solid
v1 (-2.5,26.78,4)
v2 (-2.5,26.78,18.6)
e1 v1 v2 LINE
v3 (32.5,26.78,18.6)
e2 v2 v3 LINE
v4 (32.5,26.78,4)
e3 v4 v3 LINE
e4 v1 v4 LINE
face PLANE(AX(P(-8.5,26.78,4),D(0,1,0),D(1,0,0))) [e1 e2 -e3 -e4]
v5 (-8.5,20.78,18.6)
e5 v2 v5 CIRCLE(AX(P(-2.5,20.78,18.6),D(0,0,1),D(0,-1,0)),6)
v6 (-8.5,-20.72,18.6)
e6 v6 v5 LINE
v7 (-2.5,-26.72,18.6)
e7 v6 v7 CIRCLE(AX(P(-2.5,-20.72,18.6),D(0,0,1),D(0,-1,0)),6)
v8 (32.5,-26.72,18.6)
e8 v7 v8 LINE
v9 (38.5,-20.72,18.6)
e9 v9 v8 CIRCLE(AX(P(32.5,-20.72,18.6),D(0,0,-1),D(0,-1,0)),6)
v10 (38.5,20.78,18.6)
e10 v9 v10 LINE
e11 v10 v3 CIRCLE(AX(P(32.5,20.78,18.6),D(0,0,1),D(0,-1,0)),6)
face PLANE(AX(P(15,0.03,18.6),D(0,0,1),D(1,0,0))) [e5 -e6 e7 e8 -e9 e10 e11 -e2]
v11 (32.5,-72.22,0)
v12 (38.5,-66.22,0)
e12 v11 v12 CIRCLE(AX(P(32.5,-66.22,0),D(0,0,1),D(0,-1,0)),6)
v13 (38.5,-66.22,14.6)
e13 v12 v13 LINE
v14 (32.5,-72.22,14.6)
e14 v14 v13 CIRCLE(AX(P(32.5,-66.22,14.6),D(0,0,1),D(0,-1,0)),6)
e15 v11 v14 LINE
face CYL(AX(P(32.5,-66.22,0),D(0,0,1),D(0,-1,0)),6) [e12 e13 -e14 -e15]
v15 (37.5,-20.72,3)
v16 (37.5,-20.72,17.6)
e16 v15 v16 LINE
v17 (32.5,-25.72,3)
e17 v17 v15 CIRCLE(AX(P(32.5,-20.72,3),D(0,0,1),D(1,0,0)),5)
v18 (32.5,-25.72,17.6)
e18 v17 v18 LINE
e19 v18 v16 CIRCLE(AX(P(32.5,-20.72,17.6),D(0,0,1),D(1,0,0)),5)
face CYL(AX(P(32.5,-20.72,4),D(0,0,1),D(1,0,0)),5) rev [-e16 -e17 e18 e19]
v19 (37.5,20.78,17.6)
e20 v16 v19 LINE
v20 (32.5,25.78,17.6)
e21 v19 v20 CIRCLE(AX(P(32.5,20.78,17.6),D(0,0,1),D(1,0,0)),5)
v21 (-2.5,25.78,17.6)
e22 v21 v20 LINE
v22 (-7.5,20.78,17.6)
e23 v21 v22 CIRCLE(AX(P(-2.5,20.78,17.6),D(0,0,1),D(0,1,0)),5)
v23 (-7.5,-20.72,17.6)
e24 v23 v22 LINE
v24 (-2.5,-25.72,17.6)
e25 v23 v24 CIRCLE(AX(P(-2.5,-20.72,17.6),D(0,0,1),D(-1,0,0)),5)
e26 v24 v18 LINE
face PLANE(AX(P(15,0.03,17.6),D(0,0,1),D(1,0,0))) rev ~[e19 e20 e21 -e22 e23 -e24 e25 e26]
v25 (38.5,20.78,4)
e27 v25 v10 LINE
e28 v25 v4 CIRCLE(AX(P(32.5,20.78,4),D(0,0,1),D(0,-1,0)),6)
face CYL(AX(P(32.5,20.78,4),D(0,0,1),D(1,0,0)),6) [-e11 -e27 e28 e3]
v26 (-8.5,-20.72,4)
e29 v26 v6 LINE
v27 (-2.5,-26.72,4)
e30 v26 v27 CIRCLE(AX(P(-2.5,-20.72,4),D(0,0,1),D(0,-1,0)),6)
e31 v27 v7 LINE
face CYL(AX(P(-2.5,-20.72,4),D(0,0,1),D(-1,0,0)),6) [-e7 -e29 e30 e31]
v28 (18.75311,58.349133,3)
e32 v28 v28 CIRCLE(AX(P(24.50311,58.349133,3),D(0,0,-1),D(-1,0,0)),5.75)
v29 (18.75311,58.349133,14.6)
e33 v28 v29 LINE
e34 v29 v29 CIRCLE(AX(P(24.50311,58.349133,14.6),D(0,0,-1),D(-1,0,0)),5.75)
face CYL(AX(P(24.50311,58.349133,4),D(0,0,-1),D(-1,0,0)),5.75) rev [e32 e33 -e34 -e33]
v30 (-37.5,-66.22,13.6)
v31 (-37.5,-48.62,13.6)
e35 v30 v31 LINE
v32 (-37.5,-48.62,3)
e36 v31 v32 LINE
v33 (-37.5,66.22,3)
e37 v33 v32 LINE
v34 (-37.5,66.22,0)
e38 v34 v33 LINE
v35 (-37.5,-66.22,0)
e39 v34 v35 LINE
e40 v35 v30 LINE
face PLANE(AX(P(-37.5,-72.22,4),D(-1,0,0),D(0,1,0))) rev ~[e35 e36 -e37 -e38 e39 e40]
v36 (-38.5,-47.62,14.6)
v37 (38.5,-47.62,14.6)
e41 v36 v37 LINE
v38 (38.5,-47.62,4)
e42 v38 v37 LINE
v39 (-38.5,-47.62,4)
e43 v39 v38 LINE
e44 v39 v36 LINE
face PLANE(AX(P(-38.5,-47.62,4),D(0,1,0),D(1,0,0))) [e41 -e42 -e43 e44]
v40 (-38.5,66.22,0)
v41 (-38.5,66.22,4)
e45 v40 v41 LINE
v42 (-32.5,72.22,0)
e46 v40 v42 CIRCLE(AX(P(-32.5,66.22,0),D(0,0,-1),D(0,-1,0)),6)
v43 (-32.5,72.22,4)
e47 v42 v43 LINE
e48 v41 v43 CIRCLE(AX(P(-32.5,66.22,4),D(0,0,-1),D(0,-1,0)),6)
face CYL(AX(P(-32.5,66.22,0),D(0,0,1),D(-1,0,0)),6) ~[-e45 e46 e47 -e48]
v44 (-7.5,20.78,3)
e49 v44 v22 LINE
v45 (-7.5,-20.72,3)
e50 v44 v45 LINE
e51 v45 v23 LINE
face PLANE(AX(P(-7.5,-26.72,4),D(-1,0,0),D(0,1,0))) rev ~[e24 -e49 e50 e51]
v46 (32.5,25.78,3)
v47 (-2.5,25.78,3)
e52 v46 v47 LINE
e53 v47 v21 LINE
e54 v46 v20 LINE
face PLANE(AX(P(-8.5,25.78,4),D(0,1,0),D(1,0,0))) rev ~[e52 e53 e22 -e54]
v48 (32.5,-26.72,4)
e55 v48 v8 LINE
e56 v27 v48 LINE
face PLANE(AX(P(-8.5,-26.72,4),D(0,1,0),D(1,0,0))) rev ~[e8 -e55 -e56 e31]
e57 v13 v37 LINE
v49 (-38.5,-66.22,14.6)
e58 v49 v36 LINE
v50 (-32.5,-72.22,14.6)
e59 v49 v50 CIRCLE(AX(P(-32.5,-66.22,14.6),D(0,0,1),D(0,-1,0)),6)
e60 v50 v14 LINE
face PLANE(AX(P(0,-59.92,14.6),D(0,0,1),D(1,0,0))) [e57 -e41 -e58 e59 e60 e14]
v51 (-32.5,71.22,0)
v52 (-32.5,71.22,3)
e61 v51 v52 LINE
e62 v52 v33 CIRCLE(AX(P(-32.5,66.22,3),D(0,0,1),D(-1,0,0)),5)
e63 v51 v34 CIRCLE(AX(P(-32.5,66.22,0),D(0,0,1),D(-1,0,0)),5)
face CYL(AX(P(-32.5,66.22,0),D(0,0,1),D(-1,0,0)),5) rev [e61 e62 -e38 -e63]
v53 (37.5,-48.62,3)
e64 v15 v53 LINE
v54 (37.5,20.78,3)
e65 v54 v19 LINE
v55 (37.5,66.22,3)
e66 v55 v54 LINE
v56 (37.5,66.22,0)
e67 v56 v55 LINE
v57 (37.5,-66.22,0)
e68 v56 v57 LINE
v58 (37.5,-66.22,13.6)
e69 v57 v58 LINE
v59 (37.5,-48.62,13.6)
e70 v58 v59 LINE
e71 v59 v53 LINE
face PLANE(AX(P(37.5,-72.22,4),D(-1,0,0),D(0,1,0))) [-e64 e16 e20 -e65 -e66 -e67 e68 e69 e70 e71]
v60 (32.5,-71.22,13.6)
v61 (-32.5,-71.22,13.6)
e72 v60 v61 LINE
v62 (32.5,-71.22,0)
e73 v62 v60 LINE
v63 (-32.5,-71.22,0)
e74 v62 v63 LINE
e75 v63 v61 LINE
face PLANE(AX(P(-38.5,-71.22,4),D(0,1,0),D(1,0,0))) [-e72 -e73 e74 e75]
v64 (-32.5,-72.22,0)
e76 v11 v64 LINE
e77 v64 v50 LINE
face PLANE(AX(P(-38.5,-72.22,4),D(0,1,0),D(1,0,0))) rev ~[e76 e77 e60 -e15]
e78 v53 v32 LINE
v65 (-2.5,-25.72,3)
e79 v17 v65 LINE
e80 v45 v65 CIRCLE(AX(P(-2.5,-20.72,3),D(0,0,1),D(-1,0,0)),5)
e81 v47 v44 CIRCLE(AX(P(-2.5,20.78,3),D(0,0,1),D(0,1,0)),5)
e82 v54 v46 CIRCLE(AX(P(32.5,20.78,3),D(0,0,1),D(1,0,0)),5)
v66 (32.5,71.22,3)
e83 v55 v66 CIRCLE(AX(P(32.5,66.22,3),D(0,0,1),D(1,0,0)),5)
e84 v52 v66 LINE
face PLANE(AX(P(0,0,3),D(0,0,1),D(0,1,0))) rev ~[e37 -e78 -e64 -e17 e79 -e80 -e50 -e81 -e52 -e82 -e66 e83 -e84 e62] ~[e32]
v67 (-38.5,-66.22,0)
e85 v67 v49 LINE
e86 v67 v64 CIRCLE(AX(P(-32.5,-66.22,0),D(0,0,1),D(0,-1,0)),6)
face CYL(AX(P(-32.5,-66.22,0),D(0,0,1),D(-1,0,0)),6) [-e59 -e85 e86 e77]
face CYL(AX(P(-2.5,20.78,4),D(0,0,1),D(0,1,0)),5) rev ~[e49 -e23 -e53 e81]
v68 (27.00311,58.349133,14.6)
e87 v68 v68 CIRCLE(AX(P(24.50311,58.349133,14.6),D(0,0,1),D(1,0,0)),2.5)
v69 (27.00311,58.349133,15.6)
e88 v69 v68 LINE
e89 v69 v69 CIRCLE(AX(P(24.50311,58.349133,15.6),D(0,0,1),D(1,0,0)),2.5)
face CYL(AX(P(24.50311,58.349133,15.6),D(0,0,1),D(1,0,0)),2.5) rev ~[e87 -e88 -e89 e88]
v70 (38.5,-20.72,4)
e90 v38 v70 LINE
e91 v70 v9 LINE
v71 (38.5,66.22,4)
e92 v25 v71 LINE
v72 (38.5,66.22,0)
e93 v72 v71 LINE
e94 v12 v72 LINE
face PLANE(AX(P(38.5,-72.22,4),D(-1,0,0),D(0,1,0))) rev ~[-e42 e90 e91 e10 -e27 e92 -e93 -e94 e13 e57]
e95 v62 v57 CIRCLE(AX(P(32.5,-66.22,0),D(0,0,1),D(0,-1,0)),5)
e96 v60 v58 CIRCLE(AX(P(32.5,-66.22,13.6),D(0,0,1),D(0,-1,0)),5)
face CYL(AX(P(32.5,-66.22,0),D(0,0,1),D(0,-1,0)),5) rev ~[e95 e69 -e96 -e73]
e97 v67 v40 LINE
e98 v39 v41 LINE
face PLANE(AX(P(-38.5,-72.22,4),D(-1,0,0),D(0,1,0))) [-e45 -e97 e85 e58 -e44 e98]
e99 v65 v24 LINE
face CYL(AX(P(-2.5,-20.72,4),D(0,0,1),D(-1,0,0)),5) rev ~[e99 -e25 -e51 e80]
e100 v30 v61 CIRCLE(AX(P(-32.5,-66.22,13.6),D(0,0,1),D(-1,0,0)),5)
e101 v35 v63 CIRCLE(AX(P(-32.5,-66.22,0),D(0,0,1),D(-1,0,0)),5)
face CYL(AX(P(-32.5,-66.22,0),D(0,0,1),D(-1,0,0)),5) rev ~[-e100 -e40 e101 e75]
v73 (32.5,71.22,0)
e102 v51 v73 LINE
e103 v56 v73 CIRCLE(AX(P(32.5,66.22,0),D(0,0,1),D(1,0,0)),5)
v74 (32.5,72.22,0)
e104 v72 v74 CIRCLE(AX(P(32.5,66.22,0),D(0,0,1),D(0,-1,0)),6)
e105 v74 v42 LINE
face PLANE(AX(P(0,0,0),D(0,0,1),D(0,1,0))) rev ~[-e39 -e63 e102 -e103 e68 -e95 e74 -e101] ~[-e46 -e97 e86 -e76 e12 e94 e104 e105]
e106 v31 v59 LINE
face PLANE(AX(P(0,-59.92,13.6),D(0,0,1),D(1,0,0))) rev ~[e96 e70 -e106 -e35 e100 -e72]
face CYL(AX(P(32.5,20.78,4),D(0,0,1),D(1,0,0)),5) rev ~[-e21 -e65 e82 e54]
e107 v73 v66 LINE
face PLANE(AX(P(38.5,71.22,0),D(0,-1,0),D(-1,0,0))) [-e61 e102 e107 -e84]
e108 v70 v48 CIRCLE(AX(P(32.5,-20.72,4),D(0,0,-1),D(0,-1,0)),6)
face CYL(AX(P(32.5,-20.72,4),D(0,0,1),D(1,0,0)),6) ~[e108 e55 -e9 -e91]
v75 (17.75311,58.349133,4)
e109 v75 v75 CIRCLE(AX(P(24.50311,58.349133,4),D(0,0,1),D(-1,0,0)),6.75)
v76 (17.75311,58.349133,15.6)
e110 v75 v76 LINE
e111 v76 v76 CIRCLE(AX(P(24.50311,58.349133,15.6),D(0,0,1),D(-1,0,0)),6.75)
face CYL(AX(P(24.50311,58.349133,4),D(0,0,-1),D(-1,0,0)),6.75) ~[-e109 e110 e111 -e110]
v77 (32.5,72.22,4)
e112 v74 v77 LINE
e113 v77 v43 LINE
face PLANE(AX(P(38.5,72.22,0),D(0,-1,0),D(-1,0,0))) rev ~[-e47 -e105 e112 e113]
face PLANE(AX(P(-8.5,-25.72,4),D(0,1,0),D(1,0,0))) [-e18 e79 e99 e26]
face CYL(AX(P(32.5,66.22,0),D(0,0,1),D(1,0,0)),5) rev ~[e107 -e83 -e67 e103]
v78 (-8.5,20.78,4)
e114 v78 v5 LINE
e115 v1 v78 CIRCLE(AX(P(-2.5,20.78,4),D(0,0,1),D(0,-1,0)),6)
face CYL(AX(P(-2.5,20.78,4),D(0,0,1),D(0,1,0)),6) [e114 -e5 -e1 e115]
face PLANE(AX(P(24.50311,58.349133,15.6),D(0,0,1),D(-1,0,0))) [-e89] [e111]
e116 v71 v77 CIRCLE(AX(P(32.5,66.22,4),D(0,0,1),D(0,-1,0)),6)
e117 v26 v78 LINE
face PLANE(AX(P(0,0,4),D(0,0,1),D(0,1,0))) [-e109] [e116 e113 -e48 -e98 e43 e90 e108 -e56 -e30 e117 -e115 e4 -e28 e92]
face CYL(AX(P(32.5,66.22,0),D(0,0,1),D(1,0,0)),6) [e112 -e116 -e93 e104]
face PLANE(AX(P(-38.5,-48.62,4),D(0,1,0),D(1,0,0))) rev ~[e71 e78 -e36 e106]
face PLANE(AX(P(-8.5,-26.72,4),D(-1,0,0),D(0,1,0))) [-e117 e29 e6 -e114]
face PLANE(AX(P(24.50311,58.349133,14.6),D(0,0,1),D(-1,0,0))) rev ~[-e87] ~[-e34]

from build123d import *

# Parameters (mm, degrees)
SKIZZE2_W                       = 144.44
SKIZZE2_H                       = 77
AUFSATZ_LINEAR_AUSTRAGEN1_DEPTH = 4
SKIZZE4_W                       = 77
SKIZZE4_H                       = 24.6
AUFSATZ_LINEAR_AUSTRAGEN2_DEPTH = 10.6
VERRUNDUNG2_R                   = 6
SKIZZE5_W                       = 47
SKIZZE5_H                       = 53.5
AUFSATZ_LINEAR_AUSTRAGEN3_DEPTH = 14.6
VERRUNDUNG4_R                   = 6
SKIZZE7_R                       = 6.75
AUFSATZ_LINEAR_AUSTRAGEN5_DEPTH = 11.6
WANDUNG2_T                      = -1
SKIZZE8_R                       = 2.5
SCHNITT_LINEAR_AUSTRAGEN1_DEPTH = 84.314694982


with BuildPart() as part:
    # Skizze2 → Aufsatz-Linear austragen1 (new body)
    with BuildSketch(Plane(origin=(0, 0, 0), x_dir=(0, 1, 0), z_dir=(0, 0, 1))):
        Rectangle(SKIZZE2_W, SKIZZE2_H)
    extrude(amount=AUFSATZ_LINEAR_AUSTRAGEN1_DEPTH)

    # Skizze4 → Aufsatz-Linear austragen2 (add)
    with BuildSketch(Plane.XY.offset(4)):
        with Locations((0, -59.92)):
            Rectangle(SKIZZE4_W, SKIZZE4_H)
    extrude(amount=AUFSATZ_LINEAR_AUSTRAGEN2_DEPTH)

    # Verrundung2
    verrundung2_edges = [part.edges().sort_by_distance(p)[0] for p in [
        (38.5, 72.22, 2),
        (38.5, -72.22, 7.3),
        (-38.5, -72.22, 7.3),
        (-38.5, 72.22, 2),
    ]]
    fillet(verrundung2_edges, radius=VERRUNDUNG2_R)

    # Skizze5 → Aufsatz-Linear austragen3 (add)
    with BuildSketch(Plane.XY.offset(4)):
        with Locations((15, 0.03)):
            Rectangle(SKIZZE5_W, SKIZZE5_H)
    extrude(amount=AUFSATZ_LINEAR_AUSTRAGEN3_DEPTH)

    # Verrundung4
    verrundung4_edges = [part.edges().sort_by_distance(p)[0] for p in [
        (38.5, -26.72, 11.3),
        (38.5, 26.78, 11.3),
        (-8.5, 26.78, 11.3),
        (-8.5, -26.72, 11.3),
    ]]
    fillet(verrundung4_edges, radius=VERRUNDUNG4_R)

    # Skizze7 → Aufsatz-Linear austragen5 (add)
    with BuildSketch(Plane.XY.offset(4)):
        with Locations(Location((24.503110224, 58.349132978, 0), (0, 0, 180))):
            Circle(SKIZZE7_R)
    extrude(amount=AUFSATZ_LINEAR_AUSTRAGEN5_DEPTH)

    # Wandung2
    wandung2_openings = [part.faces().sort_by_distance(p)[0] for p in [
        (0, 0, 0),
    ]]
    offset(amount=WANDUNG2_T, openings=wandung2_openings, kind=Kind.INTERSECTION)

    # Skizze8 → Schnitt-Linear austragen1 (cut, through all)
    with BuildSketch(Plane.XY.offset(15.6)):
        with Locations((24.503110224, 58.349132978)):
            Circle(SKIZZE8_R)
    extrude(amount=-SCHNITT_LINEAR_AUSTRAGEN1_DEPTH, mode=Mode.SUBTRACT)


solid = part.part
